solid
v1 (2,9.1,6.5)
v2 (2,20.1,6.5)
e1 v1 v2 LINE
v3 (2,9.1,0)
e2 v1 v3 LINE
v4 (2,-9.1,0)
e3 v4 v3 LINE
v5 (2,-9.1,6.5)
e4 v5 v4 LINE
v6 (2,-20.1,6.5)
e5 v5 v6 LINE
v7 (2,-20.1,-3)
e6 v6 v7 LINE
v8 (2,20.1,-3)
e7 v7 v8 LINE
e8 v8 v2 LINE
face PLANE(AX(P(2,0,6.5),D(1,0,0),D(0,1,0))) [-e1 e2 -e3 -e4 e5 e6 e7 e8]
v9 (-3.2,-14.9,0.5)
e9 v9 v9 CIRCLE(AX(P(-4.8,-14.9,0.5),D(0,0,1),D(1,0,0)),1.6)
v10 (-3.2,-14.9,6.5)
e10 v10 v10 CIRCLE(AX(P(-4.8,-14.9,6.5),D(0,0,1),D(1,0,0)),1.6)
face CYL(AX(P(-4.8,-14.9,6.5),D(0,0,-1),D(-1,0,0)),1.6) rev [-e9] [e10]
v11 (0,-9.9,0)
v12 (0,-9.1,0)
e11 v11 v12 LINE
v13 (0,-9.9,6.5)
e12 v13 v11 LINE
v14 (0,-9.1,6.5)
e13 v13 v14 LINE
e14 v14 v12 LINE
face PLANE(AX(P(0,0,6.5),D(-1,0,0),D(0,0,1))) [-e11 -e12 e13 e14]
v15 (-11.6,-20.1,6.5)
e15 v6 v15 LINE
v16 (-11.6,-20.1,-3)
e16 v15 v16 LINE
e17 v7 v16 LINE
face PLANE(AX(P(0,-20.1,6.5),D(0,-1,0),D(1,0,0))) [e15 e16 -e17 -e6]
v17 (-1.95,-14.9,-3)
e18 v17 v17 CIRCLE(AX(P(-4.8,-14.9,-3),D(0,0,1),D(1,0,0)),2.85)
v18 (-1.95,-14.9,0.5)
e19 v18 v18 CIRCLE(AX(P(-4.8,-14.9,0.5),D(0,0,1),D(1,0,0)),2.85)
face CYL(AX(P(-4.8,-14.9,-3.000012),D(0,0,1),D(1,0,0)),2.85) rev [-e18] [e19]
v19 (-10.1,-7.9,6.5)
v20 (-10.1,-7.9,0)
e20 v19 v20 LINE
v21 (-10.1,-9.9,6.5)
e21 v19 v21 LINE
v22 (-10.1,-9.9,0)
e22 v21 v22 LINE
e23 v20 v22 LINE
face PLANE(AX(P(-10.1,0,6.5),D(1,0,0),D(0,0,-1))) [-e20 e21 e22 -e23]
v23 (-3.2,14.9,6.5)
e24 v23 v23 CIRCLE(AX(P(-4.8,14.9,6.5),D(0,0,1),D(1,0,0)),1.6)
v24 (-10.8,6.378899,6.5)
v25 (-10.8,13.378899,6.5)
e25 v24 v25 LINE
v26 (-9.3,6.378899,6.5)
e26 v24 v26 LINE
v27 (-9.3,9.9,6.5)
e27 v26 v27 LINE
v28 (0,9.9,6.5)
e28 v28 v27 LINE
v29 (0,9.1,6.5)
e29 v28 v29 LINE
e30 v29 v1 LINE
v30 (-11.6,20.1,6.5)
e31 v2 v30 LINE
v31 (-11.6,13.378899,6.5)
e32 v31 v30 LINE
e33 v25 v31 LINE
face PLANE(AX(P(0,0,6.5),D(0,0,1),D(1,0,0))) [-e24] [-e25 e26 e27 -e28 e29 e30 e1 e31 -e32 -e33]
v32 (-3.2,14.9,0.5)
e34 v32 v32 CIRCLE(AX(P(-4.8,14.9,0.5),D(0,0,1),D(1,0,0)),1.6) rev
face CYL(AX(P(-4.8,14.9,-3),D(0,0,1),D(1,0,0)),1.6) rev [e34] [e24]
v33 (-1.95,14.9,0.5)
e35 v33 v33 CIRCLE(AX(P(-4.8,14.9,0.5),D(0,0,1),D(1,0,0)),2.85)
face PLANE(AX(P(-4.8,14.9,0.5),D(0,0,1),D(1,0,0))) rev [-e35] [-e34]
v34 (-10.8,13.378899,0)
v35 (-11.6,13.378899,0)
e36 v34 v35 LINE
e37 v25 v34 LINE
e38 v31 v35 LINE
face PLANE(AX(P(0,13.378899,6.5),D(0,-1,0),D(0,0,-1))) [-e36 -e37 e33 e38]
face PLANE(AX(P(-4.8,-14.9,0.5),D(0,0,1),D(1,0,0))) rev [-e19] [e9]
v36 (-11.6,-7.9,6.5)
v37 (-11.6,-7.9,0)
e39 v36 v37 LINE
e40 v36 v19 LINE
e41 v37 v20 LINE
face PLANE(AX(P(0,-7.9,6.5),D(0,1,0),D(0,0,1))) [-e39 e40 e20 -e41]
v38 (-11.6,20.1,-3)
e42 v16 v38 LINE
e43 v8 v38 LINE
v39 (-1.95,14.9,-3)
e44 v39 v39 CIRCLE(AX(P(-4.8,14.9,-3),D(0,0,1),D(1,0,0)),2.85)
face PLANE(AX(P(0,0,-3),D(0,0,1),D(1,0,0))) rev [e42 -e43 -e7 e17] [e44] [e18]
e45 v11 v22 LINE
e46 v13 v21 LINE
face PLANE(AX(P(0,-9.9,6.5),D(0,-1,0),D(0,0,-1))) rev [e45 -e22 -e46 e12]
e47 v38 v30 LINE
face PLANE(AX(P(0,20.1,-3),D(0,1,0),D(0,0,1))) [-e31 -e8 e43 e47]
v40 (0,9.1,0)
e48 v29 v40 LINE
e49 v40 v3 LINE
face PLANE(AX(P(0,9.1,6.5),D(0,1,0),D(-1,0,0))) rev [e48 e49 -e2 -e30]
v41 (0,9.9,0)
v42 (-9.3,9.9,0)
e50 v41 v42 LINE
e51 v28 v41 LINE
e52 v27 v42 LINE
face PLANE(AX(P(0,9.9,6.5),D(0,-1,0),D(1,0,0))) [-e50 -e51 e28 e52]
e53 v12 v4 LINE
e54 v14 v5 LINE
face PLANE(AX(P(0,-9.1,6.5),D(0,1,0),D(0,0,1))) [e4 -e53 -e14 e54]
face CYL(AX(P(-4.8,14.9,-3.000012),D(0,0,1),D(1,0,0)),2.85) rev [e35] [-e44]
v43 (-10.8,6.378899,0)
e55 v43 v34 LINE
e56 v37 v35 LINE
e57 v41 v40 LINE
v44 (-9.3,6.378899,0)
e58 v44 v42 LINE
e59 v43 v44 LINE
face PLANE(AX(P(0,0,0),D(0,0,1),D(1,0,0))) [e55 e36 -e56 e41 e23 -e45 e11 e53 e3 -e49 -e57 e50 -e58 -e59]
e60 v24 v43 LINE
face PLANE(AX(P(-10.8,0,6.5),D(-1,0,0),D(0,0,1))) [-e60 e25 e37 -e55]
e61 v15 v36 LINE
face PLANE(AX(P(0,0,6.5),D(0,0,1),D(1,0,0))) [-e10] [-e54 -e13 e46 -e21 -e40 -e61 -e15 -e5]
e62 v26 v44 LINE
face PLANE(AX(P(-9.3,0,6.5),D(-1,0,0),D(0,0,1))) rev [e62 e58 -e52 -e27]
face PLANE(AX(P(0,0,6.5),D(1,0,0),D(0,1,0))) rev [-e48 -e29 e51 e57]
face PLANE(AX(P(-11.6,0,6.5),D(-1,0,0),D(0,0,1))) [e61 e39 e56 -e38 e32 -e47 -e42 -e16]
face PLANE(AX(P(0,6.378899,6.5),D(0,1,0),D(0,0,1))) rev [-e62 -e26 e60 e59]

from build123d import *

# Parameters (mm, degrees)
SKETCH1_R               = 2.85
SKETCH1_R_2             = 1.6
BOSS_EXTRUDE1_DEPTH     = 6.5
SKETCH1_3_R             = 2.85
SKETCH1_3_R_2           = 1.6
BOSS_EXTRUDE2_DEPTH     = 3
CUT_EXTRUDE1_START      = -3
SKETCH1_4_R             = 2.85
CUT_EXTRUDE1_DEPTH      = 3.5
CUT_EXTRUDE1_DEPTH_BACK = 4


with BuildPart() as part:
    # Sketch1 → Boss-Extrude1 (new body)
    with BuildSketch(Plane(origin=(0, 0, 0), x_dir=(0, 1, 0), z_dir=(0, 0, 1))):
        Polygon((-7.9, 10.1), (-9.9, 10.1), (-9.9, 0), (-9.1, 0), (-9.1, -2), (-20.1, -2), (-20.1, 11.6), (-7.9, 11.6), align=None)
        with Locations((-14.9, 4.8)):
            Circle(SKETCH1_R, mode=Mode.SUBTRACT)
        Polygon((13.378898747, 11.6), (20.1, 11.6), (20.1, -2), (9.1, -2), (9.1, 0), (9.9, 0), (9.9, 9.3), (6.378898747, 9.3), (6.378898747, 10.8), (13.378898747, 10.8), align=None)
        with Locations((14.9, 4.8)):
            Circle(SKETCH1_R, mode=Mode.SUBTRACT)
        with Locations((-14.9, 4.8)):
            Circle(SKETCH1_R)
        with Locations((-14.9, 4.8)):
            Circle(SKETCH1_R_2, mode=Mode.SUBTRACT)
        with Locations((14.9, 4.8)):
            Circle(SKETCH1_R)
        with Locations((14.9, 4.8)):
            Circle(SKETCH1_R_2, mode=Mode.SUBTRACT)
    extrude(amount=BOSS_EXTRUDE1_DEPTH)

    # Sketch1<3> → Boss-Extrude2 (add)
    with BuildSketch(Plane(origin=(0, 0, 0), x_dir=(0, 1, 0), z_dir=(0, 0, 1))):
        with Locations((14.9, 4.8)):
            Circle(SKETCH1_3_R)
        with Locations((14.9, 4.8)):
            Circle(SKETCH1_3_R_2, mode=Mode.SUBTRACT)
        Polygon((13.378898747, 11.6), (20.1, 11.6), (20.1, -2), (9.1, -2), (9.1, 0), (9.9, 0), (9.9, 9.3), (6.378898747, 9.3), (6.378898747, 10.8), (13.378898747, 10.8), align=None)
        with Locations((14.9, 4.8)):
            Circle(SKETCH1_3_R, mode=Mode.SUBTRACT)
        Polygon((-7.9, 11.6), (13.378898747, 11.6), (13.378898747, 10.8), (6.378898747, 10.8), (6.378898747, 9.3), (9.9, 9.3), (9.9, 0), (9.1, 0), (9.1, -2), (-9.1, -2), (-9.1, 0), (-9.9, 0), (-9.9, 10.1), (-7.9, 10.1), align=None)
        with Locations((-14.9, 4.8)):
            Circle(SKETCH1_3_R)
        with Locations((-14.9, 4.8)):
            Circle(SKETCH1_3_R_2, mode=Mode.SUBTRACT)
        Polygon((-7.9, 10.1), (-9.9, 10.1), (-9.9, 0), (-9.1, 0), (-9.1, -2), (-20.1, -2), (-20.1, 11.6), (-7.9, 11.6), align=None)
        with Locations((-14.9, 4.8)):
            Circle(SKETCH1_3_R, mode=Mode.SUBTRACT)
    extrude(amount=-BOSS_EXTRUDE2_DEPTH)

    # Sketch1<4> → Cut-Extrude1 (cut, two sides)
    with BuildSketch(Plane(origin=(0, 0, 0), x_dir=(0, 1, 0), z_dir=(0, 0, 1)).offset(CUT_EXTRUDE1_START)) as cut_extrude1_sk:
        with Locations((14.9, 4.8)):
            Circle(SKETCH1_4_R)
        with Locations((-14.9, 4.8)):
            Circle(SKETCH1_4_R)
    extrude(amount=CUT_EXTRUDE1_DEPTH, mode=Mode.SUBTRACT)
    extrude(cut_extrude1_sk.sketch, amount=-CUT_EXTRUDE1_DEPTH_BACK, mode=Mode.SUBTRACT)


solid = part.part
